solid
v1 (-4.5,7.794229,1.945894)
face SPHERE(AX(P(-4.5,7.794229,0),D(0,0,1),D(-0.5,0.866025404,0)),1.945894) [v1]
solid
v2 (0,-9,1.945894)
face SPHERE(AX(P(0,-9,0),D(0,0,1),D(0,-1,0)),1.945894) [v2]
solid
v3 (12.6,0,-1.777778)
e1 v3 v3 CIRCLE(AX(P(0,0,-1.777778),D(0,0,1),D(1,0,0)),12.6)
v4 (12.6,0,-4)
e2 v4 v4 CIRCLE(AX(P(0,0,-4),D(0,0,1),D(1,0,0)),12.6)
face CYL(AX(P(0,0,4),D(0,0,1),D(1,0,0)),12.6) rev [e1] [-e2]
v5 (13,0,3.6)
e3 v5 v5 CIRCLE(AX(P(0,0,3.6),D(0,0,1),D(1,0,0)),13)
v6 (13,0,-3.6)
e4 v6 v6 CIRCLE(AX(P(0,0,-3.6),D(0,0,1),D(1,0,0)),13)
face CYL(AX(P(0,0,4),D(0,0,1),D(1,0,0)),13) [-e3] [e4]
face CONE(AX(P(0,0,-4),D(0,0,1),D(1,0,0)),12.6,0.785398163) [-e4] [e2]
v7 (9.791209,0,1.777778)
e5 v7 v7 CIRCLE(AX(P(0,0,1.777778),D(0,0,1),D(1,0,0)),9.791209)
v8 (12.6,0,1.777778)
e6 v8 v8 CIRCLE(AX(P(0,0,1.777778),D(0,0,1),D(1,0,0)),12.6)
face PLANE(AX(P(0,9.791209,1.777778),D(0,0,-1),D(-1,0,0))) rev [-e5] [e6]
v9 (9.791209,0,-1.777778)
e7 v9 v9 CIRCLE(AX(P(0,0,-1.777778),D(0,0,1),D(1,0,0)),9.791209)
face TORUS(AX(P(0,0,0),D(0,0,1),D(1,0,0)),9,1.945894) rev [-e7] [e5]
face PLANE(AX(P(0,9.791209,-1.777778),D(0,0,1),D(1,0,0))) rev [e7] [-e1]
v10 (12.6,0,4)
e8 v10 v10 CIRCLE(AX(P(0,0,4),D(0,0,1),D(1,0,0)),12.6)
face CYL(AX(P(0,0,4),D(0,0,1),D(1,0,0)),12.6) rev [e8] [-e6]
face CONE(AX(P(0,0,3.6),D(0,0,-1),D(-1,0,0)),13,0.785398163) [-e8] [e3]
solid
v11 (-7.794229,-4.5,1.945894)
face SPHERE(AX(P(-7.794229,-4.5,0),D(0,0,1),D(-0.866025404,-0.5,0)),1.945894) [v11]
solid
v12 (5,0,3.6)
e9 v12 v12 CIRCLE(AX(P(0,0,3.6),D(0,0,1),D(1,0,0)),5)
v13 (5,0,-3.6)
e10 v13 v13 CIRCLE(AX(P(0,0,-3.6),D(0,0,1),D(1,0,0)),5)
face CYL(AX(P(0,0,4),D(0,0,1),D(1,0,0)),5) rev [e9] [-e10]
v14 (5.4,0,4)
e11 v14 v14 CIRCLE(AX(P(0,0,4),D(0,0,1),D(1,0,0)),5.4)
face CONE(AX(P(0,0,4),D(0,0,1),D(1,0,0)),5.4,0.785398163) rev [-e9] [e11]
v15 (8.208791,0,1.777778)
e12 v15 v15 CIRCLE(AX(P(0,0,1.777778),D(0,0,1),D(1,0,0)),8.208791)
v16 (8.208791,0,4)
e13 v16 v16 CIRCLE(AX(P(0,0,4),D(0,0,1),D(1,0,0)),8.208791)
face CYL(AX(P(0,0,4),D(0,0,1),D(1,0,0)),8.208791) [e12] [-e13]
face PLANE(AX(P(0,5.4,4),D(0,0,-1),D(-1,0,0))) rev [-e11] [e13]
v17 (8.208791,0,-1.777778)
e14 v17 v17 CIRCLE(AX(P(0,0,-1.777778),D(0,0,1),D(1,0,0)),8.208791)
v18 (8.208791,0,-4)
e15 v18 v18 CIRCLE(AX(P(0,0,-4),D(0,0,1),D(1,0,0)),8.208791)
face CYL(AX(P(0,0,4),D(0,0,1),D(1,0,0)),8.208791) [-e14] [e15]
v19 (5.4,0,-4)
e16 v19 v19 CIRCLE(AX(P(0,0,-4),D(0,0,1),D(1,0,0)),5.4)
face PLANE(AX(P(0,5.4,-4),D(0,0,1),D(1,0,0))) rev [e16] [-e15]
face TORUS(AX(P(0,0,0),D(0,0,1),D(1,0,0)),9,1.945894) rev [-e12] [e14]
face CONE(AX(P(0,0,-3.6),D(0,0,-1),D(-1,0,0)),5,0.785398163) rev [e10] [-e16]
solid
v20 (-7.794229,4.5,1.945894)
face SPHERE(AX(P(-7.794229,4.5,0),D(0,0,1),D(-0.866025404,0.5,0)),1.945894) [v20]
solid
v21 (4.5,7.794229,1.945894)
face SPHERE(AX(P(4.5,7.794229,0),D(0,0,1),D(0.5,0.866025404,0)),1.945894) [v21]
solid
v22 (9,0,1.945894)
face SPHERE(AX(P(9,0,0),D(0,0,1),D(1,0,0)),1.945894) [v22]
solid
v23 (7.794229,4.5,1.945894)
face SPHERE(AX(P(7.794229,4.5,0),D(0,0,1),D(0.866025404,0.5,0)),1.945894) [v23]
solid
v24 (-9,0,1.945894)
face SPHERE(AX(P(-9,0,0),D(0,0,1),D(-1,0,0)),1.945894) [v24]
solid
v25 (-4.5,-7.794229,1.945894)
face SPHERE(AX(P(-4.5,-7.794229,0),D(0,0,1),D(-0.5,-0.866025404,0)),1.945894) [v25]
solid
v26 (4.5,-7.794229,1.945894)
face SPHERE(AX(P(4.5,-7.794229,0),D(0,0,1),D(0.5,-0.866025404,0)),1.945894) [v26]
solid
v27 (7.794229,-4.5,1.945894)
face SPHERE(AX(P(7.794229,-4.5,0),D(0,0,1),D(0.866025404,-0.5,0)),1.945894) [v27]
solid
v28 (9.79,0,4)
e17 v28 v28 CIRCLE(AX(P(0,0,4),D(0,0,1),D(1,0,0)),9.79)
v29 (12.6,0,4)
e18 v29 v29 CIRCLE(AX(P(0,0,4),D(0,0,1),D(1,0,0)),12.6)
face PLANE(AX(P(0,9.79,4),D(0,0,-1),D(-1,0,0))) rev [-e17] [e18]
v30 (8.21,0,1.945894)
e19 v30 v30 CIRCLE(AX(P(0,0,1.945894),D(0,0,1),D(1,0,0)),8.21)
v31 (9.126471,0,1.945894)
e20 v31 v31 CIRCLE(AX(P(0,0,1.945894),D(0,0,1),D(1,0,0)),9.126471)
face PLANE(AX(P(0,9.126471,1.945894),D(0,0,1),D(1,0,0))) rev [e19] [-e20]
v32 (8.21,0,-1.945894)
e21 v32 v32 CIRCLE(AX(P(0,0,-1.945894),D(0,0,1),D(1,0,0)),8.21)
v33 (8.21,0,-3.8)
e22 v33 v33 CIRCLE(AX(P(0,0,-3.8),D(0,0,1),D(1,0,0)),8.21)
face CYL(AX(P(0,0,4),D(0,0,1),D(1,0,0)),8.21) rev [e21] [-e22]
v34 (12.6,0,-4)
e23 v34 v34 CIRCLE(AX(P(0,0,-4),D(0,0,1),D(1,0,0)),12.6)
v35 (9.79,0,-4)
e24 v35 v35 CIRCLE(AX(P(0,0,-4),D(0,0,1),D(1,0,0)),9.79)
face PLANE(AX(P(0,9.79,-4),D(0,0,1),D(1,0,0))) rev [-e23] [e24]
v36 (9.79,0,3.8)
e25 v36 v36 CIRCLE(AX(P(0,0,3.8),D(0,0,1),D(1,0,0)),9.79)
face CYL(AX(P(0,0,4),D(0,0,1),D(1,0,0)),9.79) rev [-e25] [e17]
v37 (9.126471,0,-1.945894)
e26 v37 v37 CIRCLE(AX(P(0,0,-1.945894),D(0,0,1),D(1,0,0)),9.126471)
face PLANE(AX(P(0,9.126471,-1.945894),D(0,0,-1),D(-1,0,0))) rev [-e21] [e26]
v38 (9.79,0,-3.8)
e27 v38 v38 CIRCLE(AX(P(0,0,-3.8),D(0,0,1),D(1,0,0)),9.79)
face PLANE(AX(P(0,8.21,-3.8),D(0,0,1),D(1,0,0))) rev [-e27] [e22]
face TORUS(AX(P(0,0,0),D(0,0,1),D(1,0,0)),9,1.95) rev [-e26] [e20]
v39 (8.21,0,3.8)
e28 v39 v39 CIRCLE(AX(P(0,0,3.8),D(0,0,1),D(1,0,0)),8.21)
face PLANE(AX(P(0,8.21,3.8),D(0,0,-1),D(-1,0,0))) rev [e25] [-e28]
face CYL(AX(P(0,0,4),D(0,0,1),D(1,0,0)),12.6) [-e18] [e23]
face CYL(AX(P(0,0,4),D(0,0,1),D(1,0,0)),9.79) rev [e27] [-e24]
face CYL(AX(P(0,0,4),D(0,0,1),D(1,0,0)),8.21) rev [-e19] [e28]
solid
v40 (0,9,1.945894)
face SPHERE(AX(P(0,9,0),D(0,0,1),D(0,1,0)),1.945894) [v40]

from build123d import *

# Parameters (mm, degrees)
CIRPATTERN1_COUNT = 12


with BuildPart() as part:
    # Sketch1 → Revolve1 (revolve)
    with BuildSketch(Plane(origin=(0, 0, 0), x_dir=(0, 0, -1), z_dir=(1, 0, 0))):
        with BuildLine():
            Line((3.6, 13), (-3.6, 13))
            Line((-3.6, 13), (-4, 12.6))
            Line((-4, 12.6), (-1.777777778, 12.6))
            Line((-1.777777778, 12.6), (-1.777777778, 9.791208791))
            ThreePointArc((-1.777777778, 9.791208791), (0, 10.945894442), (1.777777778, 9.791208791))
            Line((1.777777778, 9.791208791), (1.777777778, 12.6))
            Line((1.777777778, 12.6), (4, 12.6))
            Line((4, 12.6), (3.6, 13))
        make_face()
    revolve(axis=Axis((0, 0, 4), (0, 0, -1)))


with BuildPart() as body_2:
    # Sketch3 → Revolve3 (revolve)
    with BuildSketch(Plane(origin=(0, 0, 0), x_dir=(0, 0, -1), z_dir=(1, 0, 0))):
        with BuildLine():
            Line((-4, 5.4), (-4, 8.208791209))
            Line((-4, 8.208791209), (-1.777777778, 8.208791209))
            ThreePointArc((-1.777777778, 8.208791209), (0, 7.054105558), (1.777777778, 8.208791209))
            Line((1.777777778, 8.208791209), (4, 8.208791209))
            Line((4, 8.208791209), (4, 5.4))
            Line((4, 5.4), (3.6, 5))
            Line((3.6, 5), (-3.6, 5))
            Line((-3.6, 5), (-4, 5.4))
        make_face()
    revolve(axis=Axis((0, 0, 4), (0, 0, -1)))


with BuildPart() as body_3:
    # Sketch4 → Revolve4 (revolve)
    with BuildSketch(Plane(origin=(0, 0, 0), x_dir=(0, 0, -1), z_dir=(1, 0, 0))):
        with BuildLine():
            Line((-1.945894442, 9), (1.945894442, 9))
            ThreePointArc((1.945894442, 9), (0, 10.945894442), (-1.945894442, 9))
        make_face()
    revolve(axis=Axis((0, 9, 1.945894442), (0, 0, -1)))


with BuildPart() as cirpattern1_1:
    # CirPattern1: pattern copy
    add(body_3.part.rotate(Axis((0, 0, -4), (0, 0, 1)), 1 * 360 / CIRPATTERN1_COUNT))


with BuildPart() as cirpattern1_2:
    # CirPattern1: pattern copy
    add(body_3.part.rotate(Axis((0, 0, -4), (0, 0, 1)), 2 * 360 / CIRPATTERN1_COUNT))


with BuildPart() as cirpattern1_3:
    # CirPattern1: pattern copy
    add(body_3.part.rotate(Axis((0, 0, -4), (0, 0, 1)), 3 * 360 / CIRPATTERN1_COUNT))


with BuildPart() as cirpattern1_4:
    # CirPattern1: pattern copy
    add(body_3.part.rotate(Axis((0, 0, -4), (0, 0, 1)), 4 * 360 / CIRPATTERN1_COUNT))


with BuildPart() as cirpattern1_5:
    # CirPattern1: pattern copy
    add(body_3.part.rotate(Axis((0, 0, -4), (0, 0, 1)), 5 * 360 / CIRPATTERN1_COUNT))


with BuildPart() as cirpattern1_6:
    # CirPattern1: pattern copy
    add(body_3.part.rotate(Axis((0, 0, -4), (0, 0, 1)), 6 * 360 / CIRPATTERN1_COUNT))


with BuildPart() as cirpattern1_7:
    # CirPattern1: pattern copy
    add(body_3.part.rotate(Axis((0, 0, -4), (0, 0, 1)), 7 * 360 / CIRPATTERN1_COUNT))


with BuildPart() as cirpattern1_8:
    # CirPattern1: pattern copy
    add(body_3.part.rotate(Axis((0, 0, -4), (0, 0, 1)), 8 * 360 / CIRPATTERN1_COUNT))


with BuildPart() as cirpattern1_9:
    # CirPattern1: pattern copy
    add(body_3.part.rotate(Axis((0, 0, -4), (0, 0, 1)), 9 * 360 / CIRPATTERN1_COUNT))


with BuildPart() as cirpattern1_10:
    # CirPattern1: pattern copy
    add(body_3.part.rotate(Axis((0, 0, -4), (0, 0, 1)), 10 * 360 / CIRPATTERN1_COUNT))


with BuildPart() as cirpattern1_11:
    # CirPattern1: pattern copy
    add(body_3.part.rotate(Axis((0, 0, -4), (0, 0, 1)), 11 * 360 / CIRPATTERN1_COUNT))


with BuildPart() as body_15:
    # Sketch6 → Revolve5 (revolve)
    with BuildSketch(Plane(origin=(0, 0, 0), x_dir=(0, 0, -1), z_dir=(1, 0, 0))):
        with BuildLine():
            Line((-3.8, 9.79), (-4, 9.79))
            Line((-4, 9.79), (-4, 12.6))
            Line((-4, 12.6), (4, 12.6))
            Line((4, 12.6), (4, 9.79))
            Line((4, 9.79), (3.8, 9.79))
            Line((3.8, 9.79), (3.8, 8.21))
            Line((3.8, 8.21), (1.945894442, 8.21))
            Line((1.945894442, 8.21), (1.945894442, 9.126470635))
            ThreePointArc((1.945894442, 9.126470635), (0, 10.95), (-1.945894442, 9.126470635))
            Line((-1.945894442, 9.126470635), (-1.945894442, 8.21))
            Line((-1.945894442, 8.21), (-3.8, 8.21))
            Line((-3.8, 8.21), (-3.8, 9.79))
        make_face()
    revolve(axis=Axis((0, 0, 4), (0, 0, -1)))


solid = Compound([part.part, body_2.part, body_3.part, cirpattern1_1.part, cirpattern1_2.part, cirpattern1_3.part, cirpattern1_4.part, cirpattern1_5.part, cirpattern1_6.part, cirpattern1_7.part, cirpattern1_8.part, cirpattern1_9.part, cirpattern1_10.part, cirpattern1_11.part, body_15.part])
